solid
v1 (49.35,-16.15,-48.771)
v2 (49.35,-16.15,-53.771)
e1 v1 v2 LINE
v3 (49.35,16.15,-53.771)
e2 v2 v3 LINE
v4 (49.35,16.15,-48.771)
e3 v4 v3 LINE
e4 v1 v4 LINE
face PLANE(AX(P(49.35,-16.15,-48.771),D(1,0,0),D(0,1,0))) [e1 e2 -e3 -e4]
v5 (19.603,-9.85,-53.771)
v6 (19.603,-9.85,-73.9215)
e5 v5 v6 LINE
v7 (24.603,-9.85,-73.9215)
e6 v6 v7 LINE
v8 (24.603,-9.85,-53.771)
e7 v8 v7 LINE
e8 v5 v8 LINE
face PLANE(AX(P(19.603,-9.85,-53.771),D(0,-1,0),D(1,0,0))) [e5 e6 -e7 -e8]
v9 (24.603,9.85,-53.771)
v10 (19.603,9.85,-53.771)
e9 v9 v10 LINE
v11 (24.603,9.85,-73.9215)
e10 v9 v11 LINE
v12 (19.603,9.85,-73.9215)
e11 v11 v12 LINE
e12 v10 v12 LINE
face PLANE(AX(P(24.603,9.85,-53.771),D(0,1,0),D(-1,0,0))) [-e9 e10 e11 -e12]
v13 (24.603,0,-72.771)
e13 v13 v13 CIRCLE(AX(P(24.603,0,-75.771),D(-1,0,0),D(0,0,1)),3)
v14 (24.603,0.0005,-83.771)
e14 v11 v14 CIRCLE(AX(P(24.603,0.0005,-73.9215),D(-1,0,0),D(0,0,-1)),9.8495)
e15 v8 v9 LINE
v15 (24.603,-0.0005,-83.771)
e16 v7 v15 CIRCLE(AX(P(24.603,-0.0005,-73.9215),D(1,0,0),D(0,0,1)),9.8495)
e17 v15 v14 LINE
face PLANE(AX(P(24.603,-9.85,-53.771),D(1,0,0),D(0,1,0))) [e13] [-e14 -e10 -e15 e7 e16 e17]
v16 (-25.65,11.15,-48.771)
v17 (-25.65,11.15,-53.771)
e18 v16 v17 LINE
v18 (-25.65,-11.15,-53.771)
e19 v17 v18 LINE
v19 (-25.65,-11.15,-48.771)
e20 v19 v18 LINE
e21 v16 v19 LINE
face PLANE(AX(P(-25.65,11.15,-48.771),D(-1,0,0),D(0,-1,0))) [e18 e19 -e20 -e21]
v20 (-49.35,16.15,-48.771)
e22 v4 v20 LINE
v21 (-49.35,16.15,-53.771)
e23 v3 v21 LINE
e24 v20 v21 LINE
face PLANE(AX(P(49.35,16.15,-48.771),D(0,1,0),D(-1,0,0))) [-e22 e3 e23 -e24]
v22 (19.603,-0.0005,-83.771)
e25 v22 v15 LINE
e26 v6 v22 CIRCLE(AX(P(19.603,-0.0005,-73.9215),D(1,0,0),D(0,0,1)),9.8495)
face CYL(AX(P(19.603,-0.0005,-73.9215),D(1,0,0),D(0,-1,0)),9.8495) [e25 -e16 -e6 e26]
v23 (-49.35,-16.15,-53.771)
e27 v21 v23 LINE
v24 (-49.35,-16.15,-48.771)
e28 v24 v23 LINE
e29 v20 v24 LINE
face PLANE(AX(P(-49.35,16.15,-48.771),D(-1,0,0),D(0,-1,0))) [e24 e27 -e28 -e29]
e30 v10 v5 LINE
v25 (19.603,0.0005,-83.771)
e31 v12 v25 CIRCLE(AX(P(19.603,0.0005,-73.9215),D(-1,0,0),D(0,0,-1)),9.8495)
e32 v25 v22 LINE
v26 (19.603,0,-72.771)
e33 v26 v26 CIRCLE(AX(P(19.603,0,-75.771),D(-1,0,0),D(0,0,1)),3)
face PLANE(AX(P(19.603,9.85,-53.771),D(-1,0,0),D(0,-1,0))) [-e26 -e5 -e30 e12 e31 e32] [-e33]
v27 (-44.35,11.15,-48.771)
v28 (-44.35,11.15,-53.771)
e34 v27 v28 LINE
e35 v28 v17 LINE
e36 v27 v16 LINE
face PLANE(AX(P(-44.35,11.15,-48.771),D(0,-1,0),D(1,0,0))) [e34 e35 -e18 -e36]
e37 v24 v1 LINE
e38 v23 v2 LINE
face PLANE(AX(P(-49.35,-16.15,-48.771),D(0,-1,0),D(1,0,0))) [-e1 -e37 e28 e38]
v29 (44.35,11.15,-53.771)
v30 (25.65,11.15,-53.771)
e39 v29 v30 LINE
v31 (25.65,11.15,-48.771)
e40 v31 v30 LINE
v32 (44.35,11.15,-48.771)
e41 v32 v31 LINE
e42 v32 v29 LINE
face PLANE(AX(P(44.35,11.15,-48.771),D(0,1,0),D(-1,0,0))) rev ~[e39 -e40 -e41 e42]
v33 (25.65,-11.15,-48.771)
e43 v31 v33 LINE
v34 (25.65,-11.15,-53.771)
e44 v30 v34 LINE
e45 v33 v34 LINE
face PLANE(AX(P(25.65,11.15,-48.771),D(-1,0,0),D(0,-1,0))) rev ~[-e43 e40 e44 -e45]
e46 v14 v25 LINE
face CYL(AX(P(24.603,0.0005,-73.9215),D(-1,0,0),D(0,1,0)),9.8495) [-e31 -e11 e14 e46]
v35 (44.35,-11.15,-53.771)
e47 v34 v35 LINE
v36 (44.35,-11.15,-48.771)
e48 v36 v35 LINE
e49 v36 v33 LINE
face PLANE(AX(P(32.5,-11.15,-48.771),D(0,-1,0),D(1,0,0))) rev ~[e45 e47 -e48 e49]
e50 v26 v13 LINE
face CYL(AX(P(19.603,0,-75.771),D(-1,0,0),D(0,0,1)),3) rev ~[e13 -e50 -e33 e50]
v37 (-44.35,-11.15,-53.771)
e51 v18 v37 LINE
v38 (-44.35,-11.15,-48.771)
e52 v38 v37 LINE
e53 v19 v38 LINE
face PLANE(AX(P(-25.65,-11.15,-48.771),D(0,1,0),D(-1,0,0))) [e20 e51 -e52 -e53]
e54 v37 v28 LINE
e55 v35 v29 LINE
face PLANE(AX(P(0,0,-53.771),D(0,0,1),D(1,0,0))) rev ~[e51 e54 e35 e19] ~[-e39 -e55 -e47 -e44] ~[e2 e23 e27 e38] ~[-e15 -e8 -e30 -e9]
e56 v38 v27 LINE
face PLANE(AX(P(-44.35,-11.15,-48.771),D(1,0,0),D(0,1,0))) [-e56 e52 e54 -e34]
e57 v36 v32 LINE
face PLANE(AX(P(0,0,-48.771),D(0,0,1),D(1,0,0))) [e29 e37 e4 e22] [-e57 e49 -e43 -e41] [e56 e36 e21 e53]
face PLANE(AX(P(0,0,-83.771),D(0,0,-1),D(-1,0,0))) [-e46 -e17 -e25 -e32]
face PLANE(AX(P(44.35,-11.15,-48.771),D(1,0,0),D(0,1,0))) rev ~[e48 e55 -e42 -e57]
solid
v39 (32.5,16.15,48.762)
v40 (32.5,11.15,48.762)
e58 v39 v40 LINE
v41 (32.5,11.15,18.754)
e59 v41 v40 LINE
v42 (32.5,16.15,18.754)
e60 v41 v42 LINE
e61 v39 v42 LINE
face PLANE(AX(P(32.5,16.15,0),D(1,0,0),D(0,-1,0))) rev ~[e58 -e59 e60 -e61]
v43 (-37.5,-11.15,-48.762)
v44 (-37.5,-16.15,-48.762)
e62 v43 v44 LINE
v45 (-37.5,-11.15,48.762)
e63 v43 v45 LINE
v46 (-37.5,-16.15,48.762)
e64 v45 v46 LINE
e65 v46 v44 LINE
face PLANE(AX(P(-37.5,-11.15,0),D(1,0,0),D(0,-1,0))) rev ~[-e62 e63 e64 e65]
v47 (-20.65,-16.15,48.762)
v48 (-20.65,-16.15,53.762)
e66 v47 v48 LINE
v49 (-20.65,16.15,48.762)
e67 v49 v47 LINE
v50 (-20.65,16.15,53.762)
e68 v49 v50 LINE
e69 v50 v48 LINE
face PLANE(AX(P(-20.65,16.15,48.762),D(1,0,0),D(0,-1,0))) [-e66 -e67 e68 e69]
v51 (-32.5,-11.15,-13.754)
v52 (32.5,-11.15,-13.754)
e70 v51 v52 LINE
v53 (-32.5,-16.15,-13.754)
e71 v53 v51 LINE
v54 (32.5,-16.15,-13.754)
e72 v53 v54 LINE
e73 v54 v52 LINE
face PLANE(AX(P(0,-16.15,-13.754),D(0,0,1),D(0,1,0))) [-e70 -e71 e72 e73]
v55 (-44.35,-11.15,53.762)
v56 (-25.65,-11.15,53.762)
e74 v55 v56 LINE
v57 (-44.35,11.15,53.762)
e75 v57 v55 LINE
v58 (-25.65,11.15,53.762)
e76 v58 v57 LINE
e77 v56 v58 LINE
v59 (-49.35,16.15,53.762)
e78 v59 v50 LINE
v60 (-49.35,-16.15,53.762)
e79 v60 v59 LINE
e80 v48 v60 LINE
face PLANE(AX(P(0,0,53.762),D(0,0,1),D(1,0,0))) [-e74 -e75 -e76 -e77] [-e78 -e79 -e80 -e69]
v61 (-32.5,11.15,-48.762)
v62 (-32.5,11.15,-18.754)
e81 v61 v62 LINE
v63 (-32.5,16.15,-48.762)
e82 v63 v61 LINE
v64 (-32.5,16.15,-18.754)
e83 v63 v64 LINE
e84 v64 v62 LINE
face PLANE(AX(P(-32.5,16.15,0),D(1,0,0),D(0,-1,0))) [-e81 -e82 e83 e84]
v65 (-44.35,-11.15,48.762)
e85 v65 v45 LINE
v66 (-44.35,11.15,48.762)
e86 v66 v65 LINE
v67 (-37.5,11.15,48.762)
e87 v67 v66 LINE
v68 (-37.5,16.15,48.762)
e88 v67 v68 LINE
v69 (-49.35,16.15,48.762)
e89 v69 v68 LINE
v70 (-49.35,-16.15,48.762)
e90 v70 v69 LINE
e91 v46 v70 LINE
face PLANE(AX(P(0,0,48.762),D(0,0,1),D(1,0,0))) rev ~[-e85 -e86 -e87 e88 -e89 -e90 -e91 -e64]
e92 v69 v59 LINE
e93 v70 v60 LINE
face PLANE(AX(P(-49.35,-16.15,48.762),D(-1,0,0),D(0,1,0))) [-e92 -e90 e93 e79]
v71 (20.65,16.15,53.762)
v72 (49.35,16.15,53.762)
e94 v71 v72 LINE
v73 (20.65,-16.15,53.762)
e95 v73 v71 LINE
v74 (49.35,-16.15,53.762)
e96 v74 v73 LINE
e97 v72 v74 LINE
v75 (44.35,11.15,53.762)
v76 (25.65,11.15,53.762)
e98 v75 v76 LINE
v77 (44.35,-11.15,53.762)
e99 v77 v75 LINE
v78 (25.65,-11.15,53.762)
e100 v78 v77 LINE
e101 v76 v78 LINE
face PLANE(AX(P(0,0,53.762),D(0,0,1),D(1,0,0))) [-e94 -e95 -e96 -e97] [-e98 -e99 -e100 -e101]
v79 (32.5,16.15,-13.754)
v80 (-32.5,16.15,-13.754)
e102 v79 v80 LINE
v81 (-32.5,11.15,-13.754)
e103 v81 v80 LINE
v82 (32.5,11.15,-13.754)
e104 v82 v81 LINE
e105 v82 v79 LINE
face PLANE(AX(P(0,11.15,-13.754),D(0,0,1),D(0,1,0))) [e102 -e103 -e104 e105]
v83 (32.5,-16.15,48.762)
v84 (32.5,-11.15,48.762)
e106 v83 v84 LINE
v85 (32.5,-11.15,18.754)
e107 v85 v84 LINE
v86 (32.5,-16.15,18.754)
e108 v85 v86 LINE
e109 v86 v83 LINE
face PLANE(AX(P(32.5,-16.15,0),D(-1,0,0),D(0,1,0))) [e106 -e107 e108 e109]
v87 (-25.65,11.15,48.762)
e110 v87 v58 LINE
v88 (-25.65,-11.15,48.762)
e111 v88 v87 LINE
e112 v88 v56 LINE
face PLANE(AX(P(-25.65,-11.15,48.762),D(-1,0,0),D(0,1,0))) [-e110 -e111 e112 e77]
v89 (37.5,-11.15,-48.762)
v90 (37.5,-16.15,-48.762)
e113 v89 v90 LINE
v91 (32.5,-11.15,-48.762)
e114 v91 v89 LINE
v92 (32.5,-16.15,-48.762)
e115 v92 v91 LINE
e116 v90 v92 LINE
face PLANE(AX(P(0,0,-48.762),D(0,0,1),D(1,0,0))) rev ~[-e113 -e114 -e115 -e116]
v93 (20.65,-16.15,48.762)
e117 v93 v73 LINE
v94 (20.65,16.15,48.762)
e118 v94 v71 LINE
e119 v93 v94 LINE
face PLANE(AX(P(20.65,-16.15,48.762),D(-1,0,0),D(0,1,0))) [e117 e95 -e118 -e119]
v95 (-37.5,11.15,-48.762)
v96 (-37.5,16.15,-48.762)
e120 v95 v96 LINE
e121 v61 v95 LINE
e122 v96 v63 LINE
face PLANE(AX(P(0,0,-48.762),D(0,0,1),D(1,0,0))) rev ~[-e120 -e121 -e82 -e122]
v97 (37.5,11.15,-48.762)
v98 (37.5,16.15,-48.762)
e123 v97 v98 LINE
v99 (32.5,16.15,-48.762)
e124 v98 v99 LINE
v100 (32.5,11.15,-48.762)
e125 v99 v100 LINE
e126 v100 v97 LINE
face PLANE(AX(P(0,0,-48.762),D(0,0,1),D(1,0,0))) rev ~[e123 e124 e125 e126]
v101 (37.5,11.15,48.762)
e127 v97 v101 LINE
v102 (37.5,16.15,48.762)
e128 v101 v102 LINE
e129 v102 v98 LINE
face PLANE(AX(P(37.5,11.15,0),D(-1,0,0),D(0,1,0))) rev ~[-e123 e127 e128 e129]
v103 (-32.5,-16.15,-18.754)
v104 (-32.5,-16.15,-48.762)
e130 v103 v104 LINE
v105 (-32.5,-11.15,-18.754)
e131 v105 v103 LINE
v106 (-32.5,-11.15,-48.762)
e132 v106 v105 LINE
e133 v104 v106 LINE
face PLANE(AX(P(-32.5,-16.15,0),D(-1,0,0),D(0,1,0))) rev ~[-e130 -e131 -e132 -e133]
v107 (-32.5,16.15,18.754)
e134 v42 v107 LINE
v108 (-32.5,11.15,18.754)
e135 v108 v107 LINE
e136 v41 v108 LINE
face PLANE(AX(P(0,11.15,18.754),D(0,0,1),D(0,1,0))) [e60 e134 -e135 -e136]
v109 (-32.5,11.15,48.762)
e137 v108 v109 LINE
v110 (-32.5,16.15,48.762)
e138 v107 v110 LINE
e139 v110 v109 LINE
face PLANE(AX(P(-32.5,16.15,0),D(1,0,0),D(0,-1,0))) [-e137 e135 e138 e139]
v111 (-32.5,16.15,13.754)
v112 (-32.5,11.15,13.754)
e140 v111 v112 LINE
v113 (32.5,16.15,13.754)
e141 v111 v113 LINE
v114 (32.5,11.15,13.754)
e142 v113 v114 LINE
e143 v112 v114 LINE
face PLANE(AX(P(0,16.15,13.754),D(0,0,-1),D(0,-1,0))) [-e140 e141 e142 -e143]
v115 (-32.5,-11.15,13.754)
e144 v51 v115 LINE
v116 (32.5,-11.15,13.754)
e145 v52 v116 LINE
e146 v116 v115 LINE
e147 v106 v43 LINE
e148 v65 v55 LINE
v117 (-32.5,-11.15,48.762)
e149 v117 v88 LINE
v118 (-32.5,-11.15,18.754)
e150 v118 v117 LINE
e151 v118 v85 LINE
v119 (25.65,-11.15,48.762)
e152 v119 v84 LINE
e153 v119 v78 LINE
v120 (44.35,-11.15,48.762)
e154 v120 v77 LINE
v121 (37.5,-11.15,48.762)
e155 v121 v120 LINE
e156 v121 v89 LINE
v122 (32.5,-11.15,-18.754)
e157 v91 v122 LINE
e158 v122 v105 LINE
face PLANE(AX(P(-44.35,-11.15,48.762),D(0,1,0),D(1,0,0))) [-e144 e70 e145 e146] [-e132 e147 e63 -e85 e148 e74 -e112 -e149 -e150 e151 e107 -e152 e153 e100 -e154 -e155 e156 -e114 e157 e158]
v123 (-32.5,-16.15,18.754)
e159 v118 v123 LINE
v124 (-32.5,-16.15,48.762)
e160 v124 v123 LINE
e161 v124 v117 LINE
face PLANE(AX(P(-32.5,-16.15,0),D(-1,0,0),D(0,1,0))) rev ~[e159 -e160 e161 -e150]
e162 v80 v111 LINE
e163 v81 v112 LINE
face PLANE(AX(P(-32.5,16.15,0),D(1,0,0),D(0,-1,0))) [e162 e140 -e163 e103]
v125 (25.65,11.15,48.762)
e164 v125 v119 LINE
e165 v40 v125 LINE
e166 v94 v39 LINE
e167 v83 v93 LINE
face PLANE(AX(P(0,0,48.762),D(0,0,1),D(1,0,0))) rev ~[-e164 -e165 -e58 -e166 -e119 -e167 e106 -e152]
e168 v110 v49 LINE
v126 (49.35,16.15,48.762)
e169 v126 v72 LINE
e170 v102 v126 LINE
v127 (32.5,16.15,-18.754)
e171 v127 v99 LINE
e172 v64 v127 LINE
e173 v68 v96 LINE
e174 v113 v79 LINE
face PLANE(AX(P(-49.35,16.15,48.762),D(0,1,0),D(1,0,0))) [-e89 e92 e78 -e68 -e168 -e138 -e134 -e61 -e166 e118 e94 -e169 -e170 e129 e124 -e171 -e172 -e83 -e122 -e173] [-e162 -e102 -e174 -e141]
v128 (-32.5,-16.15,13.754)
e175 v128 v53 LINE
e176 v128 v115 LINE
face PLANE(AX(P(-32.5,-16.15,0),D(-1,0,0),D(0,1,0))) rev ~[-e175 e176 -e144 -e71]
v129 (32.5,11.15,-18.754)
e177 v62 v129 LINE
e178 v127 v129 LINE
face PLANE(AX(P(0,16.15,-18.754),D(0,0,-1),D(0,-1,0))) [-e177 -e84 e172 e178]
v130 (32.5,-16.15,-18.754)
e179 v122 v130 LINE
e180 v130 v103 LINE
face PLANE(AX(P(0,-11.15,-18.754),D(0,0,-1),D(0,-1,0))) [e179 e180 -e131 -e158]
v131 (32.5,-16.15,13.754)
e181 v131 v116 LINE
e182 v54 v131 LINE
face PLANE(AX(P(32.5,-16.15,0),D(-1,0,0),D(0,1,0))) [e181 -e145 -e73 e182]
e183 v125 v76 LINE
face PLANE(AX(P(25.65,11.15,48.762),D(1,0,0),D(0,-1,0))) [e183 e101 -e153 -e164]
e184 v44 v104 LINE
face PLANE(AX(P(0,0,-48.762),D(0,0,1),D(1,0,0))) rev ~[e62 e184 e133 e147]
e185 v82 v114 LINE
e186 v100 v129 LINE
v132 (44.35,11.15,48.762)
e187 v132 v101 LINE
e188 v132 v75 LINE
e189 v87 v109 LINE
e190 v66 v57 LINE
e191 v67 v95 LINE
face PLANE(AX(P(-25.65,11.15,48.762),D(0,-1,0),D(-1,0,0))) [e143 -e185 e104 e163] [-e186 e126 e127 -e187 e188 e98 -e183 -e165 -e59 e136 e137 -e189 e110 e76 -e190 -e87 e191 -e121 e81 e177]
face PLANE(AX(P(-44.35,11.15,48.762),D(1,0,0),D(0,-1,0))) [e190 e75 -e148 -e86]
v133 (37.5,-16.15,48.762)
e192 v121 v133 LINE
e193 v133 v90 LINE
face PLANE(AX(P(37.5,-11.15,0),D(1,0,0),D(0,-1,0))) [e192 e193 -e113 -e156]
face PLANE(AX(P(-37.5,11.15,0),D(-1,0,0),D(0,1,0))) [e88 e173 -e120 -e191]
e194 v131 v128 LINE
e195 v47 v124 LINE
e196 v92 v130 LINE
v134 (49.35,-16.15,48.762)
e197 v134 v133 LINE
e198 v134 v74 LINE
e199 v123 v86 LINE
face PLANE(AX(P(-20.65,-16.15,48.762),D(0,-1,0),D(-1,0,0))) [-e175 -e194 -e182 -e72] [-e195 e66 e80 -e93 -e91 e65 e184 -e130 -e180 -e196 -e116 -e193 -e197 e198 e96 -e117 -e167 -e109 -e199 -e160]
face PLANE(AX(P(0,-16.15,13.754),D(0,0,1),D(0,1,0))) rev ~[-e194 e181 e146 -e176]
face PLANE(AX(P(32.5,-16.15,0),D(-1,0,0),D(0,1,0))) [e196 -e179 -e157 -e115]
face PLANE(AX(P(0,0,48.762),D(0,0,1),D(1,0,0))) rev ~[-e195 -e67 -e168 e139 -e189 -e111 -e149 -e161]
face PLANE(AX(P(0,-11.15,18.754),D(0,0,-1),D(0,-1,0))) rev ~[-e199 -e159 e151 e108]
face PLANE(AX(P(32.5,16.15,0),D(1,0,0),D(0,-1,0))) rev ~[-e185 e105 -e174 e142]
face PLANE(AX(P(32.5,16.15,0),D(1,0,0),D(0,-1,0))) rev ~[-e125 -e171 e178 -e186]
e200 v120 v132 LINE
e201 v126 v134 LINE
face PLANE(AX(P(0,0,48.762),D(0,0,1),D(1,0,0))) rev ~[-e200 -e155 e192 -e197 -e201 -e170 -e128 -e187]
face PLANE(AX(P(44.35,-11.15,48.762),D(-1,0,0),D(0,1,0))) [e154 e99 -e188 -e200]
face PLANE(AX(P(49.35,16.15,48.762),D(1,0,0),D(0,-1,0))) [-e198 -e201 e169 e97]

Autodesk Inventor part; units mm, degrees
ref_plane "YZ Plane" through (0, 0, 0) normal (1, 0, 0) x (0, 1, 0)
sketch "Sketch1" plane through (0, 0, 0) normal (0, 0, 1) x (1, 0, 0)
  line L0 (-32.5, 11.15) -> (32.5, 11.15) construction
  line L1 (32.5, 11.15) -> (32.5, -11.15) construction
  line L2 (32.5, -11.15) -> (-32.5, -11.15) construction
  line L3 (-32.5, -11.15) -> (-32.5, 11.15) construction
  line L4 (-32.5, 11.15) -> (32.5, -11.15) construction
  line L5 (32.5, 11.15) -> (-32.5, -11.15) construction
  line L6 (-32.5, 11.15) -> (-37.5, 11.15)
  line L7 (-37.5, 11.15) -> (-37.5, 16.15)
  line L8 (-37.5, 16.15) -> (-32.5, 16.15)
  line L9 (-32.5, 16.15) -> (-32.5, 11.15)
  line L10 (32.5, 11.15) -> (37.5, 11.15)
  line L11 (37.5, 11.15) -> (37.5, 16.15)
  line L12 (37.5, 16.15) -> (32.5, 16.15)
  line L13 (32.5, 16.15) -> (32.5, 11.15)
  line L14 (32.5, -11.15) -> (37.5, -11.15)
  line L15 (37.5, -11.15) -> (37.5, -16.15)
  line L16 (37.5, -16.15) -> (32.5, -16.15)
  line L17 (32.5, -16.15) -> (32.5, -11.15)
  line L18 (-32.5, -11.15) -> (-37.5, -11.15)
  line L19 (-37.5, -11.15) -> (-37.5, -16.15)
  line L20 (-37.5, -16.15) -> (-32.5, -16.15)
  line L21 (-32.5, -16.15) -> (-32.5, -11.15)
  point P0 (0, 0)
  dimension "d0" = 65
  dimension "d1" = 22.3
  dimension "d2" = 5
  dimension "d3" = 5
  dimension "d4" = 5
  dimension "d5" = 5
  dimension "d6" = 5
  dimension "d7" = 5
  dimension "d8" = 5
  dimension "d9" = 5
extrude "Extrusion1" add sketch "Sketch1" along normal mid plane 97.524
ref_plane "Work Plane1" through (0, 0, 48.762) normal (0, 0, 1) x (1, 0, 0)
sketch "Sketch2" plane through (0, 0, 48.762) normal (0, 0, 1) x (1, 0, 0)
  line L0 (0, 0) -> (-35, 0) construction
  line L1 (0, 0) -> (35, 0) construction
  line L2 (-49.35, 16.15) -> (-20.65, 16.15)
  line L3 (-20.65, 16.15) -> (-20.65, -16.15)
  line L4 (-20.65, -16.15) -> (-49.35, -16.15)
  line L5 (-49.35, -16.15) -> (-49.35, 16.15)
  line L6 (-49.35, 16.15) -> (-20.65, -16.15) construction
  line L7 (-20.65, 16.15) -> (-49.35, -16.15) construction
  line L8 (20.65, 16.15) -> (49.35, 16.15)
  line L9 (49.35, 16.15) -> (49.35, -16.15)
  line L10 (49.35, -16.15) -> (20.65, -16.15)
  line L11 (20.65, -16.15) -> (20.65, 16.15)
  line L12 (20.65, 16.15) -> (49.35, -16.15) construction
  line L13 (49.35, 16.15) -> (20.65, -16.15) construction
  line L14 (-25.65, 11.15) -> (-44.35, 11.15)
  line L15 (-44.35, 11.15) -> (-44.35, -11.15)
  line L16 (-44.35, -11.15) -> (-25.65, -11.15)
  line L17 (-25.65, -11.15) -> (-25.65, 11.15)
  line L18 (44.35, 11.15) -> (25.65, 11.15)
  line L19 (25.65, 11.15) -> (25.65, -11.15)
  line L20 (25.65, -11.15) -> (44.35, -11.15)
  line L21 (44.35, -11.15) -> (44.35, 11.15)
  dimension "d13" = 35
  dimension "d14" = 35
  dimension "d15" = 28.7
  dimension "d16" = 32.3
  dimension "d17" = 28.7
  dimension "d18" = 32.3
  dimension "d19" = 5
  dimension "d20" = 5
extrude "Extrusion2" add sketch "Sketch2" along normal blind 5
ref_plane "Work Plane2" through (0, 0, -48.771) normal (0, 0, 1) x (1, 0, 0)
sketch "Sketch3" plane through (0, 0, -48.771) normal (0, 0, 1) x (1, 0, 0)
  line L0 (49.35, 16.15) -> (-49.35, 16.15)
  line L1 (-49.35, 16.15) -> (-49.35, -16.15)
  line L2 (-49.35, -16.15) -> (49.35, -16.15)
  line L3 (49.35, -16.15) -> (49.35, 16.15)
  line L4 (49.35, 16.15) -> (-49.35, -16.15) construction
  line L5 (-49.35, 16.15) -> (49.35, -16.15) construction
  line L6 (0, 0) -> (35, 0) construction
  line L7 (0, 0) -> (-35, 0) construction
  line L8 (32.5, -11.15) -> (25.65, -11.15) projected
  line L9 (44.35, 11.15) -> (25.65, 11.15)
  line L10 (25.65, 11.15) -> (25.65, -11.15)
  line L11 (25.65, -11.15) -> (44.35, -11.15)
  line L12 (44.35, -11.15) -> (44.35, 11.15)
  line L13 (44.35, 11.15) -> (25.65, -11.15) construction
  line L14 (25.65, 11.15) -> (44.35, -11.15) construction
  line L15 (-44.35, -11.15) -> (-44.35, 11.15) projected
  line L16 (-25.65, -11.15) -> (-44.35, -11.15)
  line L17 (-44.35, -11.15) -> (-44.35, 11.15)
  line L18 (-44.35, 11.15) -> (-25.65, 11.15)
  line L19 (-25.65, 11.15) -> (-25.65, -11.15)
  line L20 (-25.65, -11.15) -> (-44.35, 11.15) construction
  line L21 (-44.35, -11.15) -> (-25.65, 11.15) construction
  point P0 (30, -11.15)
  dimension "d24" = 98.7
  dimension "d25" = 32.3
  dimension "d26" = 35
  dimension "d27" = 35
extrude "Extrusion3" add sketch "Sketch3" against normal blind 5
sketch "Sketch4" plane through (0, 0, 0) normal (1, 0, 0) x (0, 1, 0)
  line L0 (11.15, -48.762) -> (11.15, 48.762) projected
  line L1 (11.15, 18.754) -> (16.15, 18.754)
  line L2 (16.15, 18.754) -> (16.15, 13.754)
  line L3 (16.15, 13.754) -> (11.15, 13.754)
  line L4 (11.15, 13.754) -> (11.15, 18.754)
  line L5 (-16.15, 48.762) -> (16.15, 48.762) projected
  line L6 (11.15, -13.754) -> (16.15, -13.754)
  line L7 (16.15, -13.754) -> (16.15, -18.754)
  line L8 (16.15, -18.754) -> (11.15, -18.754)
  line L9 (11.15, -18.754) -> (11.15, -13.754)
  line L10 (16.15, -48.762) -> (11.15, -48.762) projected
  line L11 (-11.15, 48.762) -> (-11.15, -48.762) projected
  line L12 (-11.15, 18.754) -> (-16.15, 18.754)
  line L13 (-16.15, 18.754) -> (-16.15, 13.754)
  line L14 (-16.15, 13.754) -> (-11.15, 13.754)
  line L15 (-11.15, 13.754) -> (-11.15, 18.754)
  line L16 (-11.15, -18.754) -> (-16.15, -18.754)
  line L17 (-16.15, -18.754) -> (-16.15, -13.754)
  line L18 (-16.15, -13.754) -> (-11.15, -13.754)
  line L19 (-11.15, -13.754) -> (-11.15, -18.754)
  line L20 (-11.15, -48.762) -> (-16.15, -48.762) projected
  point P0 (0, 0)
  dimension "d30" = 5
  dimension "d31" = 5
  dimension "d32" = 30.008
  dimension "d33" = 5
  dimension "d34" = 5
  dimension "d35" = 30.008
  dimension "d36" = 5
  dimension "d37" = 5
  dimension "d38" = 5
  dimension "d39" = 5
  dimension "d40" = 30.008
  dimension "d41" = 30.008
extrude "Extrusion4" add sketch "Sketch4" along normal mid plane 65
sketch "Sketch5" plane through (0, 0, -53.771) normal (0, 0, -1) x (-1, 0, 0)
  line L0 (-24.603, 9.85) -> (-19.603, 9.85)
  line L1 (-19.603, 9.85) -> (-19.603, -9.85)
  line L2 (-19.603, -9.85) -> (-24.603, -9.85)
  line L3 (-24.603, -9.85) -> (-24.603, 9.85)
  line L4 (-24.603, 9.85) -> (-19.603, -9.85) construction
  line L5 (-19.603, 9.85) -> (-24.603, -9.85) construction
  point P0 (0, 0)
  point P1 (-22.103, 0)
  dimension "d44" = 5
  dimension "d45" = 19.7
  dimension "d46" = 24.603
extrude "Extrusion5" add sketch "Sketch5" along normal blind 30
fillet "Fillet1" radius 9.85 2 edges at (22.103, 9.85, -83.771) (22.103, -9.85, -83.771)
sketch "Sketch6" plane through (19.603, -9.85, -53.771) normal (-1, 0, 0) x (0, 0, 1)
  line L0 (0, -1.3) -> (0, 21) construction
  line L1 (0, 9.85) -> (-22, 9.85) construction
  circle A0 centre (-22, 9.85) radius 3
  point P0 (53.771, 9.85)
  dimension "d50" = 22
  dimension "d51" = 6
extrude "Extrusion6" cut sketch "Sketch6" against normal through all
properties part number "MHead"
